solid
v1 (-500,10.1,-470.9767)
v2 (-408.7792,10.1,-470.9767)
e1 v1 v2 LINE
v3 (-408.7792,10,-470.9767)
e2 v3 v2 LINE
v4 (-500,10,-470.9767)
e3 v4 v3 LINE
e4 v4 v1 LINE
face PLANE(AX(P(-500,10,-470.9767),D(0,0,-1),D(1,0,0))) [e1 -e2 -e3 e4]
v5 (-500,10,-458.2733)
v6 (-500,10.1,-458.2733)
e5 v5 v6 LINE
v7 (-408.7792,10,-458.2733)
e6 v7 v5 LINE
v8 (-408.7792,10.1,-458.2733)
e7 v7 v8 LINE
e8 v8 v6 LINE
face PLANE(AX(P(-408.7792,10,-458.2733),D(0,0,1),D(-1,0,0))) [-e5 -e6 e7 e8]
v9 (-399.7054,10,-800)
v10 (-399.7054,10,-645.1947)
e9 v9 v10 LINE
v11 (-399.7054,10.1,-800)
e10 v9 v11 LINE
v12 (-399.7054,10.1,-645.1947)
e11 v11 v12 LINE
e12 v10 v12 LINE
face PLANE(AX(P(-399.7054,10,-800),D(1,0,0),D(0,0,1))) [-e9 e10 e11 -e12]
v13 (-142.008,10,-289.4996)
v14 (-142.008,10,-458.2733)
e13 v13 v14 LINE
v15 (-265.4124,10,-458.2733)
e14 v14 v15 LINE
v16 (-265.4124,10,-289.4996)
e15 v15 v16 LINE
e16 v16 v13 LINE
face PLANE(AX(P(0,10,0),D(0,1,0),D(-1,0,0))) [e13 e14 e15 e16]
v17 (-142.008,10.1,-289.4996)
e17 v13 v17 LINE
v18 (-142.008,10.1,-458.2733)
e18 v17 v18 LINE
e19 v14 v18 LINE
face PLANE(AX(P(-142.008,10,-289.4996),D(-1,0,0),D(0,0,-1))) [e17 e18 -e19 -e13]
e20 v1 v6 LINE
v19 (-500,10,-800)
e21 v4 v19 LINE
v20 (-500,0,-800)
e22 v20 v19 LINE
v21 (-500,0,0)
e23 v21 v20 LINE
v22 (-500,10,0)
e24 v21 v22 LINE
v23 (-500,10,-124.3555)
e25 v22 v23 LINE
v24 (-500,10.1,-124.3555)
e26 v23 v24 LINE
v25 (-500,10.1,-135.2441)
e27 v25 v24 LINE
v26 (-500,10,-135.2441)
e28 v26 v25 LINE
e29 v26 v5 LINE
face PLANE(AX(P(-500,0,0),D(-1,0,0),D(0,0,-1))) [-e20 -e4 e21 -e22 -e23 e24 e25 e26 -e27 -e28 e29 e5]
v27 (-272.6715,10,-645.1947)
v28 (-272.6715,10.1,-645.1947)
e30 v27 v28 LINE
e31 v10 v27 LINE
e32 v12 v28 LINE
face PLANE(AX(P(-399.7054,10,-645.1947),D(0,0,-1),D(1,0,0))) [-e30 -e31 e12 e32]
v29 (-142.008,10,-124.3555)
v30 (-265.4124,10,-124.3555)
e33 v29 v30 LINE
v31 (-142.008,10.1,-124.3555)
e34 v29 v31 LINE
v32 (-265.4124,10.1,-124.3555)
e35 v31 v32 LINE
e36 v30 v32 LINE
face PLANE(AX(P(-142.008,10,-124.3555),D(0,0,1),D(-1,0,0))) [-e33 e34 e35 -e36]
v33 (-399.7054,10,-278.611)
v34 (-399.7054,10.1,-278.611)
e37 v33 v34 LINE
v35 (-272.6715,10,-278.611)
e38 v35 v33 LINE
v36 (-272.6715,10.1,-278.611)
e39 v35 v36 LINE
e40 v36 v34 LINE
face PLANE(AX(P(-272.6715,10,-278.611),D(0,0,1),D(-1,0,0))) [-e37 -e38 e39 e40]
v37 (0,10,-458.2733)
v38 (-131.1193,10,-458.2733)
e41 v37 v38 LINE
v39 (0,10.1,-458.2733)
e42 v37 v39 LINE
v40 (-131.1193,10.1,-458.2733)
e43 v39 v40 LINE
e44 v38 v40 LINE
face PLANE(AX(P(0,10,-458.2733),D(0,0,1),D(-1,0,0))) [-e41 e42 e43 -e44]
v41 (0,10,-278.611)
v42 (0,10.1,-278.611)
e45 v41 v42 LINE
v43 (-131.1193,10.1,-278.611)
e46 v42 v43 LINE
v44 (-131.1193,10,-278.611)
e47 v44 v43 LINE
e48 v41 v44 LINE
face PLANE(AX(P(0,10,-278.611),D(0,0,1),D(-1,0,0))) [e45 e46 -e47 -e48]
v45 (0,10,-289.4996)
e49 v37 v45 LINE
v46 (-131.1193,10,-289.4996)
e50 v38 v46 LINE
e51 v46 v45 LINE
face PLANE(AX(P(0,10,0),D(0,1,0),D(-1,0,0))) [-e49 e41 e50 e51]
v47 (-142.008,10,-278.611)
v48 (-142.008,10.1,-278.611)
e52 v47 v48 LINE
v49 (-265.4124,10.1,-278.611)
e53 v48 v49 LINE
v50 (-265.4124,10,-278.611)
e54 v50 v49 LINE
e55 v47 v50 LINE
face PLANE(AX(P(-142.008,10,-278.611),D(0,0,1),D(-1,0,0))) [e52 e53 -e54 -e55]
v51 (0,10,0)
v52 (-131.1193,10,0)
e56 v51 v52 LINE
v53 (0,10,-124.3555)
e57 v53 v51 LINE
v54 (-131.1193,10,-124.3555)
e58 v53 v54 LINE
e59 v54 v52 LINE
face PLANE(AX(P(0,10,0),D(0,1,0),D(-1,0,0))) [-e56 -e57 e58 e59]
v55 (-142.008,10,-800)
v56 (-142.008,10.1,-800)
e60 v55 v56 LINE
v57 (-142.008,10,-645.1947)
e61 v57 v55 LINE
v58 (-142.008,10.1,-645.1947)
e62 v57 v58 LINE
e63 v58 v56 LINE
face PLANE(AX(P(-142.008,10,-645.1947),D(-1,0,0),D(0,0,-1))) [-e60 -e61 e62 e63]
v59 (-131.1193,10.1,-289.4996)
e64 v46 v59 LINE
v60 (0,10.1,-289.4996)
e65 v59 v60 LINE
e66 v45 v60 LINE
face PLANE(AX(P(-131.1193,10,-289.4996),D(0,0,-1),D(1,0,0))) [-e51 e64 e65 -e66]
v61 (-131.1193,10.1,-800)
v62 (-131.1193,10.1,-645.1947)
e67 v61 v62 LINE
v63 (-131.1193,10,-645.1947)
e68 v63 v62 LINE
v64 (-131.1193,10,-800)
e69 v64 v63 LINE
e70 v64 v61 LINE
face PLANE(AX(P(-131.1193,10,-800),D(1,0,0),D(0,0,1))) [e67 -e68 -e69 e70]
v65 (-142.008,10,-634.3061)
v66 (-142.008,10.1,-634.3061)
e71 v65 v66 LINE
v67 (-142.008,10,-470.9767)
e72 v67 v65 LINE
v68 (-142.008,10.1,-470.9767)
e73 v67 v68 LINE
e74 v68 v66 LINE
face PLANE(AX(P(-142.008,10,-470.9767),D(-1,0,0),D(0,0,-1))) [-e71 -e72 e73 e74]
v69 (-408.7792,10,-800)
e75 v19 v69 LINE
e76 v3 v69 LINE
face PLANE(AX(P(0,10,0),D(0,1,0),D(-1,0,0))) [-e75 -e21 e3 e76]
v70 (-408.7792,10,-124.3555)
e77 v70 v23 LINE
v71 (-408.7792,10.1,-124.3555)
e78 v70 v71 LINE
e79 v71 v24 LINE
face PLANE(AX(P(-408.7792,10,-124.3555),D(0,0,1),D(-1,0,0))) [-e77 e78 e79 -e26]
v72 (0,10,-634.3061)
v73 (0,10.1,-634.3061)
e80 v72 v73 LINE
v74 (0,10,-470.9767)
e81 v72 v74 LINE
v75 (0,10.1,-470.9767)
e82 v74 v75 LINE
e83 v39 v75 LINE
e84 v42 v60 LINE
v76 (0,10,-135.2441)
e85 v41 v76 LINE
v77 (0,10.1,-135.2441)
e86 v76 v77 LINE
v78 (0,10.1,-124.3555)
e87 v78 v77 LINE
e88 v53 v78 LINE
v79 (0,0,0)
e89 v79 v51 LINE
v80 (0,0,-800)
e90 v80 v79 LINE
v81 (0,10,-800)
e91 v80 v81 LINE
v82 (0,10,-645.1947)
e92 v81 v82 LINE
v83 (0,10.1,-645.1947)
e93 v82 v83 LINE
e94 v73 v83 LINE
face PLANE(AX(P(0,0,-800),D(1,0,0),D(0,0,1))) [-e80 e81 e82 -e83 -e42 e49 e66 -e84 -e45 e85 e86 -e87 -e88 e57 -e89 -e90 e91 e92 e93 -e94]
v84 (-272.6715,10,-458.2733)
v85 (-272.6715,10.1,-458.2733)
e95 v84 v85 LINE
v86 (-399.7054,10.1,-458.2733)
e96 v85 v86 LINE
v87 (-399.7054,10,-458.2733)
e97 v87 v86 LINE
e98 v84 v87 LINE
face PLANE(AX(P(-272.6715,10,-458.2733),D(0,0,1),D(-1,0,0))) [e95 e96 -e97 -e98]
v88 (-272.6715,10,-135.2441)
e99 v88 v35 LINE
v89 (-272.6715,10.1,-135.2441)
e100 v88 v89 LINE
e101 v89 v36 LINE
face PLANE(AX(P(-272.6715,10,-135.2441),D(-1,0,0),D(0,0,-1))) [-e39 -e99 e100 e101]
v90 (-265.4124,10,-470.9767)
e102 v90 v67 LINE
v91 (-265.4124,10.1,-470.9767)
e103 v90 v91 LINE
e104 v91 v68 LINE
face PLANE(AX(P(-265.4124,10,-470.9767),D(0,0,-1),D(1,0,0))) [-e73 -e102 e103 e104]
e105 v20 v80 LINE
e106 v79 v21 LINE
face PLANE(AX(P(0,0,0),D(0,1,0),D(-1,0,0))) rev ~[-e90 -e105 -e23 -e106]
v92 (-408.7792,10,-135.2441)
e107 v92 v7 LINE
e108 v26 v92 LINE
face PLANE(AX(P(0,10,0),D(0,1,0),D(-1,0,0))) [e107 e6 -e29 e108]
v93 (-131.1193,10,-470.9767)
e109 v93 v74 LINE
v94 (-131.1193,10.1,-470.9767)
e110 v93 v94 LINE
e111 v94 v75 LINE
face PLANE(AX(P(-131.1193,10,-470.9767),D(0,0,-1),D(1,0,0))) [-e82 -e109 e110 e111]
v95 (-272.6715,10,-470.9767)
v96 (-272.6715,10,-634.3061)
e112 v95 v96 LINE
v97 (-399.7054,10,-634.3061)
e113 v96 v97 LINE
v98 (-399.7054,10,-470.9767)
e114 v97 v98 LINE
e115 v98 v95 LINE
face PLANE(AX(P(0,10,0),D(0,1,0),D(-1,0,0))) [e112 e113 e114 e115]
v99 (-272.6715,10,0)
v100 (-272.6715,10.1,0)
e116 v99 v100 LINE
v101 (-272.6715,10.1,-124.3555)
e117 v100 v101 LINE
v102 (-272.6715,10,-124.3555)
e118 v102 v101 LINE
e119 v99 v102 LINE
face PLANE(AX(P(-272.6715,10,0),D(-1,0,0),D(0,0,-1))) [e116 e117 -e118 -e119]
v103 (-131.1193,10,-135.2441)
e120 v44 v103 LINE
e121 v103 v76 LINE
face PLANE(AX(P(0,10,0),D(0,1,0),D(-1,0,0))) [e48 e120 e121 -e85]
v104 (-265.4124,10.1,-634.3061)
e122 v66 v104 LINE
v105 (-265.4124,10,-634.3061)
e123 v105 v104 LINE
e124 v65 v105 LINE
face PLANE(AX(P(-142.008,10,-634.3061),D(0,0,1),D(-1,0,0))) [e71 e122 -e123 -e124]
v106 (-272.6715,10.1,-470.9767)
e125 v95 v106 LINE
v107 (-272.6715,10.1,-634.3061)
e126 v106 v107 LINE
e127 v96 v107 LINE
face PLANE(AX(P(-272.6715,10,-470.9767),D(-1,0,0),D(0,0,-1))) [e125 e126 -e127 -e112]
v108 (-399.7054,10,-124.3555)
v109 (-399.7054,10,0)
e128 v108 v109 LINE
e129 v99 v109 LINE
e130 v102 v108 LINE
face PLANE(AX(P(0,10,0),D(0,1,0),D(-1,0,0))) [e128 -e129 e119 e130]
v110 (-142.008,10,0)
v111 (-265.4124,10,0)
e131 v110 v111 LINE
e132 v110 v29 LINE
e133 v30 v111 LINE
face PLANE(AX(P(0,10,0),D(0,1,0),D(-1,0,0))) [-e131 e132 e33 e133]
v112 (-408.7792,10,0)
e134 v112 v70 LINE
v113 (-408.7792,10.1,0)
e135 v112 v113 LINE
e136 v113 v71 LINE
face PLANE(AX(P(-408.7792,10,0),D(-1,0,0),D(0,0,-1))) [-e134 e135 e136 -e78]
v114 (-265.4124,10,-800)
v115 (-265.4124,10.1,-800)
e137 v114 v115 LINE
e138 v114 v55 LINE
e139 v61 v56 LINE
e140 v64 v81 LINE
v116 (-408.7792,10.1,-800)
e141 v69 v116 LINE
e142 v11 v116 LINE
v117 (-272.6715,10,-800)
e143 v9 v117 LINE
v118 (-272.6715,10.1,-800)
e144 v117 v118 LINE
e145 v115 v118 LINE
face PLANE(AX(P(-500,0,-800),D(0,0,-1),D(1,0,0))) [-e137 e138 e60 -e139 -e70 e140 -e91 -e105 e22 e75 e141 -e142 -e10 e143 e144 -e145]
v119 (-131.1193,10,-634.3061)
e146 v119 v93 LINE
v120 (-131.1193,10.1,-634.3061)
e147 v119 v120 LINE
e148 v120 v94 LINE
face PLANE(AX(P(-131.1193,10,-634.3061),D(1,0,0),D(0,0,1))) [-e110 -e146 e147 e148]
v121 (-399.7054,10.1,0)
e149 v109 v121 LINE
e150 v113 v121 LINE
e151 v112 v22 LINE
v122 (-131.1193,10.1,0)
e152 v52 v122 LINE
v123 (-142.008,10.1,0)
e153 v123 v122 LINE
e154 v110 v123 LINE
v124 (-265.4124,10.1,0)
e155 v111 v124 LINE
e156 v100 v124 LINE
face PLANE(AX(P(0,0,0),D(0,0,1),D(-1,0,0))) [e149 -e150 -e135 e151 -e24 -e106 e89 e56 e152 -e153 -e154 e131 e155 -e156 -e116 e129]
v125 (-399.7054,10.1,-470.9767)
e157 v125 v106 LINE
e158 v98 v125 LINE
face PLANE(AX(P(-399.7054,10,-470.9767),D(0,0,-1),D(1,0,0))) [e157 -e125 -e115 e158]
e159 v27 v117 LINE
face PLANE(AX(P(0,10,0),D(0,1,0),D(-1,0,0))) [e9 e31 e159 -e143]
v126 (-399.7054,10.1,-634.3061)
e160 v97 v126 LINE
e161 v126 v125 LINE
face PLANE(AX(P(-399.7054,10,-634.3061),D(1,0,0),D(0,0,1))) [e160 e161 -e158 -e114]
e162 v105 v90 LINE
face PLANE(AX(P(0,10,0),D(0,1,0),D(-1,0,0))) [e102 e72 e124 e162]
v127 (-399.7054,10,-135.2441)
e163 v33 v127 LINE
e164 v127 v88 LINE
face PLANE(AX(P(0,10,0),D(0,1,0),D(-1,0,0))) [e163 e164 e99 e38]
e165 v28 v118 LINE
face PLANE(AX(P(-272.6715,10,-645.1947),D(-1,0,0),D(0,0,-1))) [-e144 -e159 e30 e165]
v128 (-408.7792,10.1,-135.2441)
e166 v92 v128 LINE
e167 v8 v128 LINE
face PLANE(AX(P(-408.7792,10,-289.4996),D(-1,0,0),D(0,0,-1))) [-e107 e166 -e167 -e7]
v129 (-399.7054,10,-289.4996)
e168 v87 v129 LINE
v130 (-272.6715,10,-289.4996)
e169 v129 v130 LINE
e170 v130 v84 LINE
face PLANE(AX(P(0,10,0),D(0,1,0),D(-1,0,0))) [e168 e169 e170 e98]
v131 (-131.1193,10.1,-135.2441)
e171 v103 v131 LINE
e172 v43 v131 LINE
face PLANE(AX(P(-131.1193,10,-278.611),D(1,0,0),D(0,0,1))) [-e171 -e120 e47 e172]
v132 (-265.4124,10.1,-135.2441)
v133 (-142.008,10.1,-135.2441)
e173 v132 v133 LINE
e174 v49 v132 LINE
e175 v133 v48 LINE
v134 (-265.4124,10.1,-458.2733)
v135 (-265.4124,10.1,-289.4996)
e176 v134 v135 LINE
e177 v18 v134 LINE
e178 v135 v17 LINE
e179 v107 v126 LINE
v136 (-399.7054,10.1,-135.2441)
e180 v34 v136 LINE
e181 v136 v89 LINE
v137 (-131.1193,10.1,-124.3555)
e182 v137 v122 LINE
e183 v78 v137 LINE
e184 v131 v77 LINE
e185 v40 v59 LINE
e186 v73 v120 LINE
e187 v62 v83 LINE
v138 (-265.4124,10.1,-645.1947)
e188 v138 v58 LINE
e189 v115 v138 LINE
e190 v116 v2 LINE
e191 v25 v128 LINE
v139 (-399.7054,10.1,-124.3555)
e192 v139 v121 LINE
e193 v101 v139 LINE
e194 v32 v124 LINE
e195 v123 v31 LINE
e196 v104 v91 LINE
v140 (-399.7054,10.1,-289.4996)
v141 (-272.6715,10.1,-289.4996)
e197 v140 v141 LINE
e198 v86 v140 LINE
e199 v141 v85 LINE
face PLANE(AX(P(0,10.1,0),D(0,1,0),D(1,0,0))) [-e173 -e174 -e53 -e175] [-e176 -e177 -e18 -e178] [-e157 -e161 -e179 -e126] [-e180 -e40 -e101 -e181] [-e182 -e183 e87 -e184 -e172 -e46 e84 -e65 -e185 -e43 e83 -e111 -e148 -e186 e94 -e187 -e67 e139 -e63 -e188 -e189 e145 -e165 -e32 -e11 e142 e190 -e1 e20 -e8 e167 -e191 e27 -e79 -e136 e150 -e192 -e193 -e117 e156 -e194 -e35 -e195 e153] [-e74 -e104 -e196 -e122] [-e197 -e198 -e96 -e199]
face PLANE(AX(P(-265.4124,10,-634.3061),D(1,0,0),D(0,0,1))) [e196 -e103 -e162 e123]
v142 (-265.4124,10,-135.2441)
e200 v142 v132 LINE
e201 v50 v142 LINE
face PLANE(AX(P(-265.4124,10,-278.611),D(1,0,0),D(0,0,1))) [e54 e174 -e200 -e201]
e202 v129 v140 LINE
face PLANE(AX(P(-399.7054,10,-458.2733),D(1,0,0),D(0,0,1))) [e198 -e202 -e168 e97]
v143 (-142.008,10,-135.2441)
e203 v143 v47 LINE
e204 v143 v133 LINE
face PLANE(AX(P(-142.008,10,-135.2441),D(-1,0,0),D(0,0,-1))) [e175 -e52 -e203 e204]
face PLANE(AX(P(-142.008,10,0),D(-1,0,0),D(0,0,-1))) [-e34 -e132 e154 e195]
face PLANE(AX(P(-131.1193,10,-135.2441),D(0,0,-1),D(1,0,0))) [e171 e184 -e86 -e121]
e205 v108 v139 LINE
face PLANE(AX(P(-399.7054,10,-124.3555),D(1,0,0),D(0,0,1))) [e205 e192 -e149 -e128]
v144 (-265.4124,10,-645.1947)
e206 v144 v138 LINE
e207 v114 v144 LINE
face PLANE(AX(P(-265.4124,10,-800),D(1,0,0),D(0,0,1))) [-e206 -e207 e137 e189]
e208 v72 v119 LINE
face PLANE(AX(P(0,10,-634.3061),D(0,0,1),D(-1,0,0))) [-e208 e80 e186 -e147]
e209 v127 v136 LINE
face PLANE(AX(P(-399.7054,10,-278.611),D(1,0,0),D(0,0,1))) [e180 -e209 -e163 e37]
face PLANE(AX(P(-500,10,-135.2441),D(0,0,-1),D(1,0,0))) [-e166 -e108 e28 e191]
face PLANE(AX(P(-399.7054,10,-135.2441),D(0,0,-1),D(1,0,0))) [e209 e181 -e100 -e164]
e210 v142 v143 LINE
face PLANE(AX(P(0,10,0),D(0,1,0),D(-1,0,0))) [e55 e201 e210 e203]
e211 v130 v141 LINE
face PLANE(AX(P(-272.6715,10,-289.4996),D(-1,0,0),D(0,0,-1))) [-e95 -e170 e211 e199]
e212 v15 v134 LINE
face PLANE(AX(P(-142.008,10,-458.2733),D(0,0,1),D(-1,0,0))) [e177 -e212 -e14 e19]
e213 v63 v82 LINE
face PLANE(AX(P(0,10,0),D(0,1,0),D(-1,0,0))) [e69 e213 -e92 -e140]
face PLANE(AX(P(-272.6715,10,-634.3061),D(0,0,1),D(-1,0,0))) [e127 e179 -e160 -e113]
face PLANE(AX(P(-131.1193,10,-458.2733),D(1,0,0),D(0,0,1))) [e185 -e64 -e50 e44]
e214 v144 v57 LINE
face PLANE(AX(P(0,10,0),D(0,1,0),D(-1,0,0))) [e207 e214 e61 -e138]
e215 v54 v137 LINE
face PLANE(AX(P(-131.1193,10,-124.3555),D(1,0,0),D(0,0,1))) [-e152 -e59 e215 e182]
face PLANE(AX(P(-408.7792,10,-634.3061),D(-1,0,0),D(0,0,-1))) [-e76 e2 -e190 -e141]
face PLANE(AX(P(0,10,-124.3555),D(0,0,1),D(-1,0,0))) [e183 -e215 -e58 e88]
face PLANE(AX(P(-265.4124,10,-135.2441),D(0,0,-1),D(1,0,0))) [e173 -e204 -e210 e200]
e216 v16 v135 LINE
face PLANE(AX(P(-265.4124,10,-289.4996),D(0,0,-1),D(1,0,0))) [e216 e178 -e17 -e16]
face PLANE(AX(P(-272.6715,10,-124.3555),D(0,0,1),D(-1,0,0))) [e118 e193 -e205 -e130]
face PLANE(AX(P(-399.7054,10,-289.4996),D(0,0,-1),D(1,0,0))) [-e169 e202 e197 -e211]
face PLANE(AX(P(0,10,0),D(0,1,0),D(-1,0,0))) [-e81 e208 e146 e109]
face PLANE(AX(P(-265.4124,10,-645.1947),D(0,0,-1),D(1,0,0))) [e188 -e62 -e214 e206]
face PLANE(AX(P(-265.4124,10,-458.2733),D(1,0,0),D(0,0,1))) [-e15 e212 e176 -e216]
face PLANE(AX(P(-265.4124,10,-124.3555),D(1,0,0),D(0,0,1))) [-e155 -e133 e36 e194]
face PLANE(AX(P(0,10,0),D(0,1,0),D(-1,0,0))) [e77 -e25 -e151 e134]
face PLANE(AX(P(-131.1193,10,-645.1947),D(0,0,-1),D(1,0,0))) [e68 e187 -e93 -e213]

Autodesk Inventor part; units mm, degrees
ref_plane "YZ Plane" through (0, 0, 0) normal (1, 0, 0) x (0, 1, 0)
ref_plane "XZ Plane" through (0, 0, 0) normal (0, 1, 0) x (-1, 0, 0)
ref_plane "XY Plane" through (0, 0, 0) normal (0, 0, 1) x (1, 0, 0)
sketch "Boceto1" plane through (0, 0, 0) normal (0, 1, 0) x (-1, 0, 0)
  line L0 (0, 0) -> (500, 0)
  line L1 (500, 0) -> (500, -800)
  line L2 (500, -800) -> (0, -800)
  line L3 (0, -800) -> (0, 0)
  dimension "d0" = 500
  dimension "d1" = 800
extrude "Extrusión1" add sketch "Boceto1" along normal blind 10
sketch "Boceto3" plane through (0, 10, 0) normal (0, 1, 0) x (1, 0, 0)
  line L0 (0, 800) -> (-500, 800) projected
  line L1 (-500, 0) -> (0, 0) projected
  line L2 (-408.7792, 800) -> (-399.7054, 800)
  line L3 (-399.7054, 800) -> (-399.7054, 0)
  line L4 (-399.7054, 0) -> (-408.7792, 0)
  line L5 (-408.7792, 0) -> (-408.7792, 800)
  line L6 (-272.6715, 800) -> (-265.4124, 800)
  line L7 (-265.4124, 800) -> (-265.4124, 0)
  line L8 (-265.4124, 0) -> (-272.6715, 0)
  line L9 (-272.6715, 0) -> (-272.6715, 800)
  line L10 (-142.008, 800) -> (-131.1193, 800)
  line L11 (-131.1193, 800) -> (-131.1193, 0)
  line L12 (-131.1193, 0) -> (-142.008, 0)
  line L13 (-142.008, 0) -> (-142.008, 800)
  line L14 (-500, 800) -> (-500, 0) projected
  line L15 (0, 0) -> (0, 800) projected
  line L16 (-500, 645.1947) -> (0, 645.1947)
  line L17 (0, 645.1947) -> (0, 634.3061)
  line L18 (0, 634.3061) -> (-500, 634.3061)
  line L19 (-500, 634.3061) -> (-500, 645.1947)
  line L20 (-500, 470.9767) -> (0, 470.9767)
  line L21 (0, 470.9767) -> (0, 458.2733)
  line L22 (0, 458.2733) -> (-500, 458.2733)
  line L23 (-500, 458.2733) -> (-500, 470.9767)
  line L24 (-500, 289.4996) -> (0, 289.4996)
  line L25 (0, 289.4996) -> (0, 278.611)
  line L26 (0, 278.611) -> (-500, 278.611)
  line L27 (-500, 278.611) -> (-500, 289.4996)
  line L28 (-500, 135.2441) -> (0, 135.2441)
  line L29 (0, 135.2441) -> (0, 124.3555)
  line L30 (0, 124.3555) -> (-500, 124.3555)
  line L31 (-500, 124.3555) -> (-500, 135.2441)
  point P0 (-399.7054, 645.1947)
  point P1 (-408.7792, 634.3061)
  point P2 (-408.7792, 470.9767)
  point P3 (-408.7792, 458.2733)
  point P4 (-408.7792, 135.2441)
  point P5 (-408.7792, 124.3555)
  point P6 (-399.7054, 124.3555)
  point P7 (-272.6715, 124.3555)
  point P8 (-265.4124, 124.3555)
  point P9 (-142.008, 124.3555)
  point P10 (-131.1193, 124.3555)
  point P11 (0, 135.2441)
  point P12 (-131.1193, 135.2441)
  point P13 (-131.1193, 278.611)
  point P14 (0, 289.4996)
  point P15 (-131.1193, 289.4996)
  point P16 (-131.1193, 458.2733)
  point P17 (0, 470.9767)
  point P18 (-131.1193, 470.9767)
  point P19 (-131.1193, 634.3061)
  point P20 (0, 645.1947)
  point P21 (-131.1193, 645.1947)
  point P22 (-142.008, 645.1947)
  point P23 (-265.4124, 645.1947)
  point P24 (-272.6715, 645.1947)
  point P25 (-265.4124, 634.3061)
  point P26 (-142.008, 634.3061)
  point P27 (-142.008, 470.9767)
  point P28 (-265.4124, 470.9767)
  point P29 (-272.6715, 458.2733)
  point P30 (-272.6715, 289.4996)
  point P31 (-399.7054, 289.4996)
  point P32 (-399.7054, 458.2733)
  point P33 (-272.6715, 278.611)
  point P34 (-272.6715, 135.2441)
  point P35 (-399.7054, 135.2441)
  point P36 (-399.7054, 278.611)
  point P37 (-142.008, 278.611)
  point P38 (-142.008, 135.2441)
  point P39 (-265.4124, 135.2441)
  point P40 (-265.4124, 278.611)
  point P41 (-142.008, 458.2733)
  point P42 (-142.008, 289.4996)
  point P43 (-265.4124, 289.4996)
  point P44 (-265.4124, 458.2733)
  point P45 (-399.7054, 634.3061)
  point P46 (-272.6715, 634.3061)
  point P47 (-272.6715, 470.9767)
  point P48 (-399.7054, 470.9767)
extrude "Extrusión3" add sketch "Boceto3" along normal blind 0.1 contours L11 L16 L13 L0 | L15 L18 L11 L16 | L11 L18 L13 L16 | L7 L16 L9 L0 | L13 L18 L7 L16 | L11 L20 L13 L18 | L15 L22 L11 L20 | L7 L18 L9 L16 | L11 L22 L13 L20 | L3 L16 L5 L0 | L9 L18 L3 L16 | L7 L20 L9 L18 | L13 L22 L7 L20 | L11 L24 L13 L22 | L15 L26 L11 L24 | L3 L18 L5 L16 | L7 L22 L9 L20 | L11 L26 L13 L24 | L3 L20 L5 L18 | L9 L22 L3 L20 | L7 L24 L9 L22 | L13 L26 L7 L24 | L11 L28 L13 L26 | L15 L30 L11 L28 | L3 L22 L5 L20 | L7 L26 L9 L24 | L11 L30 L13 L28 | L5 L22 L14 L20 | L3 L24 L5 L22 | L9 L26 L3 L24 | L7 L28 L9 L26 | L13 L30 L7 L28 | L11 L1 L13 L30 | L3 L26 L5 L24 | L7 L30 L9 L28 | L3 L28 L5 L26 | L9 L30 L3 L28 | L7 L1 L9 L30 | L3 L30 L5 L28 | L5 L30 L14 L28 | L3 L1 L5 L30
properties part number "Placa"
